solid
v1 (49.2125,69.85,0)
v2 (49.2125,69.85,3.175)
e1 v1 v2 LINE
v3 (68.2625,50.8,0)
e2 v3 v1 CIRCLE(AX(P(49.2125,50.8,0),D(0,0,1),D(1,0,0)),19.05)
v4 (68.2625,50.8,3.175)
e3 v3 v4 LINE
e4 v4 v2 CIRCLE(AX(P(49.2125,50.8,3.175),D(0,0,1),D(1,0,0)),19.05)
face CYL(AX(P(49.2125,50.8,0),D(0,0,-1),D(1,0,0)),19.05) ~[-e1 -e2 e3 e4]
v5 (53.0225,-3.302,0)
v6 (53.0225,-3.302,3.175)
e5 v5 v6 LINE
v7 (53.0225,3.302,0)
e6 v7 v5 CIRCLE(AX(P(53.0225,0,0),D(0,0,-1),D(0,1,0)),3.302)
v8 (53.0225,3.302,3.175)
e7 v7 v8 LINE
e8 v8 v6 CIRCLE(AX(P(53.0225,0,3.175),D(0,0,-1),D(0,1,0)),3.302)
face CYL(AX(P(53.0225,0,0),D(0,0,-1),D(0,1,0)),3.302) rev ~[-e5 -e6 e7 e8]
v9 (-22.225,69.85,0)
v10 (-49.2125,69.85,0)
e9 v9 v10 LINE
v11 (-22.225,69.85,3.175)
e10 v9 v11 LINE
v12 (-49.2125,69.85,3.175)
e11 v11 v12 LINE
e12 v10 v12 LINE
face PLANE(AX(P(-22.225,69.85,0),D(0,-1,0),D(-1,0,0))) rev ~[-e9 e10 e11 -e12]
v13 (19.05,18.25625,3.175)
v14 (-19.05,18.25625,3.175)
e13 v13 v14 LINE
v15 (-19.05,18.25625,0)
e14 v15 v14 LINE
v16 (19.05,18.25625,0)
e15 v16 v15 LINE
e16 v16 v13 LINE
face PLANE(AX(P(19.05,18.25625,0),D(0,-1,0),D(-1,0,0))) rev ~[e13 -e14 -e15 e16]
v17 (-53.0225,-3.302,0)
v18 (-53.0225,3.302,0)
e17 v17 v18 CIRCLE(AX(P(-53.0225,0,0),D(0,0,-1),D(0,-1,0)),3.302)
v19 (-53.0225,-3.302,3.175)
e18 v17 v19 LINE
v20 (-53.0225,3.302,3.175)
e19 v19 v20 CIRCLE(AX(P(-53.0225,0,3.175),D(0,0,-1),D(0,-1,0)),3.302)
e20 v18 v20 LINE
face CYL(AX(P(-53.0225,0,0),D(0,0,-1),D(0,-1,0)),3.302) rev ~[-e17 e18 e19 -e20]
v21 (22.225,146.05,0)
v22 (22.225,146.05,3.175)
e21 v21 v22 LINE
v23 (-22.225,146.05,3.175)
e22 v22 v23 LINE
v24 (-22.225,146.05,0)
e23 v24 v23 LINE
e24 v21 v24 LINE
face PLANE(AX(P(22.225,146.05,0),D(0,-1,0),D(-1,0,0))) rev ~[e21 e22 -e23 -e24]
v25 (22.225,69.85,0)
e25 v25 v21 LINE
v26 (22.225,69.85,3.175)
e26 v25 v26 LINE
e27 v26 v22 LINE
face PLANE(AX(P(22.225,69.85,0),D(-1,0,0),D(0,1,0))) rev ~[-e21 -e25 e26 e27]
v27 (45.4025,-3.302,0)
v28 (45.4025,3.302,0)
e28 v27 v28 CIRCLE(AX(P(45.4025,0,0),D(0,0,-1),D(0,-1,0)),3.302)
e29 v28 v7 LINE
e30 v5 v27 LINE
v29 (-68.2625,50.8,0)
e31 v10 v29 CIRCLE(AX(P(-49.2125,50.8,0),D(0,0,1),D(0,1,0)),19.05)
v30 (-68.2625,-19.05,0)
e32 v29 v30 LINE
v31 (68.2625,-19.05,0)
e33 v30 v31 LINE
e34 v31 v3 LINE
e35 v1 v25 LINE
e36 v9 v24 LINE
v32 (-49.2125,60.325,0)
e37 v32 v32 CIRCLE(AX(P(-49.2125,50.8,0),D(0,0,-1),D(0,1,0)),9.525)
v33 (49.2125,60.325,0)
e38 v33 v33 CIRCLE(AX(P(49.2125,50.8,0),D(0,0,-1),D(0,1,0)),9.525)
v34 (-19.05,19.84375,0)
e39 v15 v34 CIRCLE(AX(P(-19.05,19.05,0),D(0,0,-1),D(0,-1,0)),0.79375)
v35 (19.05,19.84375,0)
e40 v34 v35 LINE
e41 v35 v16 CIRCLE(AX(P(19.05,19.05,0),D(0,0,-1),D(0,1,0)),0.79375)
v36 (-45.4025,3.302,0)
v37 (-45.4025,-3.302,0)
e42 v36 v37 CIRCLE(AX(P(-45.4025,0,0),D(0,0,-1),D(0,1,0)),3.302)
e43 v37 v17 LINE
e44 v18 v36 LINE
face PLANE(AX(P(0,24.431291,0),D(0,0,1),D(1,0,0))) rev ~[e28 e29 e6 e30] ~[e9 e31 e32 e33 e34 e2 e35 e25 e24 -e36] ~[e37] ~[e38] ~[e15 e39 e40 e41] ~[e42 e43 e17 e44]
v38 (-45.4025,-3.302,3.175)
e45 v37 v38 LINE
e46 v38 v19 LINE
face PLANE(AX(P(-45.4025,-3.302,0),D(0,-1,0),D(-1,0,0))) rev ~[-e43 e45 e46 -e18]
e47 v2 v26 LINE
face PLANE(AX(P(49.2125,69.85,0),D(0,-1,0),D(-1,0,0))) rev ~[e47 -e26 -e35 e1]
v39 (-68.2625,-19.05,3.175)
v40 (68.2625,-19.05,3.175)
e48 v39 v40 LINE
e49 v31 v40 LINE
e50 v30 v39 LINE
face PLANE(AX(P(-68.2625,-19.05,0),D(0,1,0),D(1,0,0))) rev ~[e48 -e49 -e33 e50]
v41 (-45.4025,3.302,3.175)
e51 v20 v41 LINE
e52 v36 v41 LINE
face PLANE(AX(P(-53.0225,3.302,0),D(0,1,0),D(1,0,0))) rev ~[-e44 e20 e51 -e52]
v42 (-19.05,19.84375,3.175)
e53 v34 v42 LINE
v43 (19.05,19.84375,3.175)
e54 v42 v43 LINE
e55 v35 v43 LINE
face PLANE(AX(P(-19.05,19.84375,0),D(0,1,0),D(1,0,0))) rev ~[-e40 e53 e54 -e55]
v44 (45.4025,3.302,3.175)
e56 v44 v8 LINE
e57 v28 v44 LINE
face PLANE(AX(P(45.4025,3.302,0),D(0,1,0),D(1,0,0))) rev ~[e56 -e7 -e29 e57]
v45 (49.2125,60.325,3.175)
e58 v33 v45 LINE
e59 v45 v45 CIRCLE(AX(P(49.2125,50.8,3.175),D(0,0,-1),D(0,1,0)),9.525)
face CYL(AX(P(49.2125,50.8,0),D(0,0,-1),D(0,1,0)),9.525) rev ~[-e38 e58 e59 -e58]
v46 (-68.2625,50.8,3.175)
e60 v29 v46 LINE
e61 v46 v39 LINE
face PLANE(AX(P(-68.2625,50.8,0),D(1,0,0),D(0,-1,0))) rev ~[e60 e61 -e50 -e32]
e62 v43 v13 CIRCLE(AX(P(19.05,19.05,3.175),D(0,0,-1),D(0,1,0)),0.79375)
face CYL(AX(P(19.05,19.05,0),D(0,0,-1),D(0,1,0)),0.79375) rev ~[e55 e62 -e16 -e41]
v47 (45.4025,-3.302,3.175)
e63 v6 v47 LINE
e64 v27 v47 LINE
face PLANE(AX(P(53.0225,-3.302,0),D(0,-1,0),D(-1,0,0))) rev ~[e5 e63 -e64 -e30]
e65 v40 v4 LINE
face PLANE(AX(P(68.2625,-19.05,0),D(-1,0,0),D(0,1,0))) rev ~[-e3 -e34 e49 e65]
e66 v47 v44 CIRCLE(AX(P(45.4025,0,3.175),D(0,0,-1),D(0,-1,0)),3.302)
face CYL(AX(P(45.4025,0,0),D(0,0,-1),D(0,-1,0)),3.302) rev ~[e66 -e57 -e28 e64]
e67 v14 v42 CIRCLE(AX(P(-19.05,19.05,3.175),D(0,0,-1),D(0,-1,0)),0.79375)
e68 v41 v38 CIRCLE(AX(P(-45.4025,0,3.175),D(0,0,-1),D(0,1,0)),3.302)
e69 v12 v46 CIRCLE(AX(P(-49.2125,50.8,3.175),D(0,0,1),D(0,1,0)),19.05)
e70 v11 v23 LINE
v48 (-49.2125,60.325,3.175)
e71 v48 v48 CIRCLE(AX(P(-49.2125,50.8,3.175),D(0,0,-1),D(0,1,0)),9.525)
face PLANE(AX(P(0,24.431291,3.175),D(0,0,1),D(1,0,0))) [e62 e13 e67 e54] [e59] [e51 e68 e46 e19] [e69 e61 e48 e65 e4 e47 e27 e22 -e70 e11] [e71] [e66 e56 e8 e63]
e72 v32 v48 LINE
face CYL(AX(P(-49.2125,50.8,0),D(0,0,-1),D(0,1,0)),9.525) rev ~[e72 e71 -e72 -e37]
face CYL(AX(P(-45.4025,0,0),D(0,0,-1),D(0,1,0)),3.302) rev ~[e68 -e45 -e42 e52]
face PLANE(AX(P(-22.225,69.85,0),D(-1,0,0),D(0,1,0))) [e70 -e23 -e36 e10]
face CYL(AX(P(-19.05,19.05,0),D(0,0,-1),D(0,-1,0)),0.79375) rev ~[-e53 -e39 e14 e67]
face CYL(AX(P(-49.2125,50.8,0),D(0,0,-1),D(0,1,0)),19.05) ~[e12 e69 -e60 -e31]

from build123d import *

# Parameters (mm, degrees)
F0_W     = 22.225
F0_H     = 76.2
F1_DEPTH = 3.175


with BuildPart() as f1:
    # F0 (on Top) → F1 (new body)
    with BuildSketch(Plane.XY):
        with BuildLine():
            Line((-68.2625, -19.05), (68.2625, -19.05))
            Line((68.2625, -19.05), (68.2625, 19.05))
            Line((68.2625, 19.05), (68.2625, 50.8))
            ThreePointArc((68.2625, 50.8), (62.6828841816, 64.2703841816), (49.2125, 69.85))
            Line((49.2125, 69.85), (49.2125, 60.325))
            ThreePointArc((49.2125, 60.325), (55.9476920908, 57.5351920908), (58.7375, 50.8))
            ThreePointArc((58.7375, 50.8), (49.2125, 41.275), (39.6875, 50.8))
            Line((39.6875, 50.8), (-39.6875, 50.8))
            ThreePointArc((-39.6875, 50.8), (-55.9476920908, 44.0648079092), (-49.2125, 60.325))
            Line((-49.2125, 60.325), (-49.2125, 69.85))
            ThreePointArc((-49.2125, 69.85), (-62.6828841816, 64.2703841816), (-68.2625, 50.8))
            Line((-68.2625, 50.8), (-68.2625, 19.05))
            Line((-68.2625, 19.05), (-68.2625, -19.05))
        make_face()
        with BuildLine():
            Line((-45.4025, -3.302), (-53.0225, -3.302))
            ThreePointArc((-53.0225, -3.302), (-56.3245, 0), (-53.0225, 3.302))
            Line((-53.0225, 3.302), (-45.4025, 3.302))
            ThreePointArc((-45.4025, 3.302), (-42.1005, 0), (-45.4025, -3.302))
        make_face(mode=Mode.SUBTRACT)
        with BuildLine():
            Line((19.05, 18.25625), (-19.05, 18.25625))
            ThreePointArc((-19.05, 18.25625), (-19.84375, 19.05), (-19.05, 19.84375))
            Line((-19.05, 19.84375), (19.05, 19.84375))
            ThreePointArc((19.05, 19.84375), (19.84375, 19.05), (19.05, 18.25625))
        make_face(mode=Mode.SUBTRACT)
        with BuildLine():
            Line((45.4025, 3.302), (53.0225, 3.302))
            ThreePointArc((53.0225, 3.302), (56.3245, 0), (53.0225, -3.302))
            Line((53.0225, -3.302), (45.4025, -3.302))
            ThreePointArc((45.4025, -3.302), (42.1005, 0), (45.4025, 3.302))
        make_face(mode=Mode.SUBTRACT)
        with BuildLine():
            Line((49.2125, 60.325), (49.2125, 69.85))
            Line((49.2125, 69.85), (22.225, 69.85))
            Line((22.225, 69.85), (0, 69.85))
            Line((0, 69.85), (-22.225, 69.85))
            Line((-22.225, 69.85), (-49.2125, 69.85))
            Line((-49.2125, 69.85), (-49.2125, 60.325))
            ThreePointArc((-49.2125, 60.325), (-42.4773079092, 57.5351920908), (-39.6875, 50.8))
            Line((-39.6875, 50.8), (39.6875, 50.8))
            ThreePointArc((39.6875, 50.8), (42.4773079092, 57.5351920908), (49.2125, 60.325))
        make_face()
        with Locations((11.1125, 107.95)):
            Rectangle(F0_W, F0_H)
        with Locations((-11.1125, 107.95)):
            Rectangle(F0_W, F0_H)
    extrude(amount=F1_DEPTH)


solid = f1.part
